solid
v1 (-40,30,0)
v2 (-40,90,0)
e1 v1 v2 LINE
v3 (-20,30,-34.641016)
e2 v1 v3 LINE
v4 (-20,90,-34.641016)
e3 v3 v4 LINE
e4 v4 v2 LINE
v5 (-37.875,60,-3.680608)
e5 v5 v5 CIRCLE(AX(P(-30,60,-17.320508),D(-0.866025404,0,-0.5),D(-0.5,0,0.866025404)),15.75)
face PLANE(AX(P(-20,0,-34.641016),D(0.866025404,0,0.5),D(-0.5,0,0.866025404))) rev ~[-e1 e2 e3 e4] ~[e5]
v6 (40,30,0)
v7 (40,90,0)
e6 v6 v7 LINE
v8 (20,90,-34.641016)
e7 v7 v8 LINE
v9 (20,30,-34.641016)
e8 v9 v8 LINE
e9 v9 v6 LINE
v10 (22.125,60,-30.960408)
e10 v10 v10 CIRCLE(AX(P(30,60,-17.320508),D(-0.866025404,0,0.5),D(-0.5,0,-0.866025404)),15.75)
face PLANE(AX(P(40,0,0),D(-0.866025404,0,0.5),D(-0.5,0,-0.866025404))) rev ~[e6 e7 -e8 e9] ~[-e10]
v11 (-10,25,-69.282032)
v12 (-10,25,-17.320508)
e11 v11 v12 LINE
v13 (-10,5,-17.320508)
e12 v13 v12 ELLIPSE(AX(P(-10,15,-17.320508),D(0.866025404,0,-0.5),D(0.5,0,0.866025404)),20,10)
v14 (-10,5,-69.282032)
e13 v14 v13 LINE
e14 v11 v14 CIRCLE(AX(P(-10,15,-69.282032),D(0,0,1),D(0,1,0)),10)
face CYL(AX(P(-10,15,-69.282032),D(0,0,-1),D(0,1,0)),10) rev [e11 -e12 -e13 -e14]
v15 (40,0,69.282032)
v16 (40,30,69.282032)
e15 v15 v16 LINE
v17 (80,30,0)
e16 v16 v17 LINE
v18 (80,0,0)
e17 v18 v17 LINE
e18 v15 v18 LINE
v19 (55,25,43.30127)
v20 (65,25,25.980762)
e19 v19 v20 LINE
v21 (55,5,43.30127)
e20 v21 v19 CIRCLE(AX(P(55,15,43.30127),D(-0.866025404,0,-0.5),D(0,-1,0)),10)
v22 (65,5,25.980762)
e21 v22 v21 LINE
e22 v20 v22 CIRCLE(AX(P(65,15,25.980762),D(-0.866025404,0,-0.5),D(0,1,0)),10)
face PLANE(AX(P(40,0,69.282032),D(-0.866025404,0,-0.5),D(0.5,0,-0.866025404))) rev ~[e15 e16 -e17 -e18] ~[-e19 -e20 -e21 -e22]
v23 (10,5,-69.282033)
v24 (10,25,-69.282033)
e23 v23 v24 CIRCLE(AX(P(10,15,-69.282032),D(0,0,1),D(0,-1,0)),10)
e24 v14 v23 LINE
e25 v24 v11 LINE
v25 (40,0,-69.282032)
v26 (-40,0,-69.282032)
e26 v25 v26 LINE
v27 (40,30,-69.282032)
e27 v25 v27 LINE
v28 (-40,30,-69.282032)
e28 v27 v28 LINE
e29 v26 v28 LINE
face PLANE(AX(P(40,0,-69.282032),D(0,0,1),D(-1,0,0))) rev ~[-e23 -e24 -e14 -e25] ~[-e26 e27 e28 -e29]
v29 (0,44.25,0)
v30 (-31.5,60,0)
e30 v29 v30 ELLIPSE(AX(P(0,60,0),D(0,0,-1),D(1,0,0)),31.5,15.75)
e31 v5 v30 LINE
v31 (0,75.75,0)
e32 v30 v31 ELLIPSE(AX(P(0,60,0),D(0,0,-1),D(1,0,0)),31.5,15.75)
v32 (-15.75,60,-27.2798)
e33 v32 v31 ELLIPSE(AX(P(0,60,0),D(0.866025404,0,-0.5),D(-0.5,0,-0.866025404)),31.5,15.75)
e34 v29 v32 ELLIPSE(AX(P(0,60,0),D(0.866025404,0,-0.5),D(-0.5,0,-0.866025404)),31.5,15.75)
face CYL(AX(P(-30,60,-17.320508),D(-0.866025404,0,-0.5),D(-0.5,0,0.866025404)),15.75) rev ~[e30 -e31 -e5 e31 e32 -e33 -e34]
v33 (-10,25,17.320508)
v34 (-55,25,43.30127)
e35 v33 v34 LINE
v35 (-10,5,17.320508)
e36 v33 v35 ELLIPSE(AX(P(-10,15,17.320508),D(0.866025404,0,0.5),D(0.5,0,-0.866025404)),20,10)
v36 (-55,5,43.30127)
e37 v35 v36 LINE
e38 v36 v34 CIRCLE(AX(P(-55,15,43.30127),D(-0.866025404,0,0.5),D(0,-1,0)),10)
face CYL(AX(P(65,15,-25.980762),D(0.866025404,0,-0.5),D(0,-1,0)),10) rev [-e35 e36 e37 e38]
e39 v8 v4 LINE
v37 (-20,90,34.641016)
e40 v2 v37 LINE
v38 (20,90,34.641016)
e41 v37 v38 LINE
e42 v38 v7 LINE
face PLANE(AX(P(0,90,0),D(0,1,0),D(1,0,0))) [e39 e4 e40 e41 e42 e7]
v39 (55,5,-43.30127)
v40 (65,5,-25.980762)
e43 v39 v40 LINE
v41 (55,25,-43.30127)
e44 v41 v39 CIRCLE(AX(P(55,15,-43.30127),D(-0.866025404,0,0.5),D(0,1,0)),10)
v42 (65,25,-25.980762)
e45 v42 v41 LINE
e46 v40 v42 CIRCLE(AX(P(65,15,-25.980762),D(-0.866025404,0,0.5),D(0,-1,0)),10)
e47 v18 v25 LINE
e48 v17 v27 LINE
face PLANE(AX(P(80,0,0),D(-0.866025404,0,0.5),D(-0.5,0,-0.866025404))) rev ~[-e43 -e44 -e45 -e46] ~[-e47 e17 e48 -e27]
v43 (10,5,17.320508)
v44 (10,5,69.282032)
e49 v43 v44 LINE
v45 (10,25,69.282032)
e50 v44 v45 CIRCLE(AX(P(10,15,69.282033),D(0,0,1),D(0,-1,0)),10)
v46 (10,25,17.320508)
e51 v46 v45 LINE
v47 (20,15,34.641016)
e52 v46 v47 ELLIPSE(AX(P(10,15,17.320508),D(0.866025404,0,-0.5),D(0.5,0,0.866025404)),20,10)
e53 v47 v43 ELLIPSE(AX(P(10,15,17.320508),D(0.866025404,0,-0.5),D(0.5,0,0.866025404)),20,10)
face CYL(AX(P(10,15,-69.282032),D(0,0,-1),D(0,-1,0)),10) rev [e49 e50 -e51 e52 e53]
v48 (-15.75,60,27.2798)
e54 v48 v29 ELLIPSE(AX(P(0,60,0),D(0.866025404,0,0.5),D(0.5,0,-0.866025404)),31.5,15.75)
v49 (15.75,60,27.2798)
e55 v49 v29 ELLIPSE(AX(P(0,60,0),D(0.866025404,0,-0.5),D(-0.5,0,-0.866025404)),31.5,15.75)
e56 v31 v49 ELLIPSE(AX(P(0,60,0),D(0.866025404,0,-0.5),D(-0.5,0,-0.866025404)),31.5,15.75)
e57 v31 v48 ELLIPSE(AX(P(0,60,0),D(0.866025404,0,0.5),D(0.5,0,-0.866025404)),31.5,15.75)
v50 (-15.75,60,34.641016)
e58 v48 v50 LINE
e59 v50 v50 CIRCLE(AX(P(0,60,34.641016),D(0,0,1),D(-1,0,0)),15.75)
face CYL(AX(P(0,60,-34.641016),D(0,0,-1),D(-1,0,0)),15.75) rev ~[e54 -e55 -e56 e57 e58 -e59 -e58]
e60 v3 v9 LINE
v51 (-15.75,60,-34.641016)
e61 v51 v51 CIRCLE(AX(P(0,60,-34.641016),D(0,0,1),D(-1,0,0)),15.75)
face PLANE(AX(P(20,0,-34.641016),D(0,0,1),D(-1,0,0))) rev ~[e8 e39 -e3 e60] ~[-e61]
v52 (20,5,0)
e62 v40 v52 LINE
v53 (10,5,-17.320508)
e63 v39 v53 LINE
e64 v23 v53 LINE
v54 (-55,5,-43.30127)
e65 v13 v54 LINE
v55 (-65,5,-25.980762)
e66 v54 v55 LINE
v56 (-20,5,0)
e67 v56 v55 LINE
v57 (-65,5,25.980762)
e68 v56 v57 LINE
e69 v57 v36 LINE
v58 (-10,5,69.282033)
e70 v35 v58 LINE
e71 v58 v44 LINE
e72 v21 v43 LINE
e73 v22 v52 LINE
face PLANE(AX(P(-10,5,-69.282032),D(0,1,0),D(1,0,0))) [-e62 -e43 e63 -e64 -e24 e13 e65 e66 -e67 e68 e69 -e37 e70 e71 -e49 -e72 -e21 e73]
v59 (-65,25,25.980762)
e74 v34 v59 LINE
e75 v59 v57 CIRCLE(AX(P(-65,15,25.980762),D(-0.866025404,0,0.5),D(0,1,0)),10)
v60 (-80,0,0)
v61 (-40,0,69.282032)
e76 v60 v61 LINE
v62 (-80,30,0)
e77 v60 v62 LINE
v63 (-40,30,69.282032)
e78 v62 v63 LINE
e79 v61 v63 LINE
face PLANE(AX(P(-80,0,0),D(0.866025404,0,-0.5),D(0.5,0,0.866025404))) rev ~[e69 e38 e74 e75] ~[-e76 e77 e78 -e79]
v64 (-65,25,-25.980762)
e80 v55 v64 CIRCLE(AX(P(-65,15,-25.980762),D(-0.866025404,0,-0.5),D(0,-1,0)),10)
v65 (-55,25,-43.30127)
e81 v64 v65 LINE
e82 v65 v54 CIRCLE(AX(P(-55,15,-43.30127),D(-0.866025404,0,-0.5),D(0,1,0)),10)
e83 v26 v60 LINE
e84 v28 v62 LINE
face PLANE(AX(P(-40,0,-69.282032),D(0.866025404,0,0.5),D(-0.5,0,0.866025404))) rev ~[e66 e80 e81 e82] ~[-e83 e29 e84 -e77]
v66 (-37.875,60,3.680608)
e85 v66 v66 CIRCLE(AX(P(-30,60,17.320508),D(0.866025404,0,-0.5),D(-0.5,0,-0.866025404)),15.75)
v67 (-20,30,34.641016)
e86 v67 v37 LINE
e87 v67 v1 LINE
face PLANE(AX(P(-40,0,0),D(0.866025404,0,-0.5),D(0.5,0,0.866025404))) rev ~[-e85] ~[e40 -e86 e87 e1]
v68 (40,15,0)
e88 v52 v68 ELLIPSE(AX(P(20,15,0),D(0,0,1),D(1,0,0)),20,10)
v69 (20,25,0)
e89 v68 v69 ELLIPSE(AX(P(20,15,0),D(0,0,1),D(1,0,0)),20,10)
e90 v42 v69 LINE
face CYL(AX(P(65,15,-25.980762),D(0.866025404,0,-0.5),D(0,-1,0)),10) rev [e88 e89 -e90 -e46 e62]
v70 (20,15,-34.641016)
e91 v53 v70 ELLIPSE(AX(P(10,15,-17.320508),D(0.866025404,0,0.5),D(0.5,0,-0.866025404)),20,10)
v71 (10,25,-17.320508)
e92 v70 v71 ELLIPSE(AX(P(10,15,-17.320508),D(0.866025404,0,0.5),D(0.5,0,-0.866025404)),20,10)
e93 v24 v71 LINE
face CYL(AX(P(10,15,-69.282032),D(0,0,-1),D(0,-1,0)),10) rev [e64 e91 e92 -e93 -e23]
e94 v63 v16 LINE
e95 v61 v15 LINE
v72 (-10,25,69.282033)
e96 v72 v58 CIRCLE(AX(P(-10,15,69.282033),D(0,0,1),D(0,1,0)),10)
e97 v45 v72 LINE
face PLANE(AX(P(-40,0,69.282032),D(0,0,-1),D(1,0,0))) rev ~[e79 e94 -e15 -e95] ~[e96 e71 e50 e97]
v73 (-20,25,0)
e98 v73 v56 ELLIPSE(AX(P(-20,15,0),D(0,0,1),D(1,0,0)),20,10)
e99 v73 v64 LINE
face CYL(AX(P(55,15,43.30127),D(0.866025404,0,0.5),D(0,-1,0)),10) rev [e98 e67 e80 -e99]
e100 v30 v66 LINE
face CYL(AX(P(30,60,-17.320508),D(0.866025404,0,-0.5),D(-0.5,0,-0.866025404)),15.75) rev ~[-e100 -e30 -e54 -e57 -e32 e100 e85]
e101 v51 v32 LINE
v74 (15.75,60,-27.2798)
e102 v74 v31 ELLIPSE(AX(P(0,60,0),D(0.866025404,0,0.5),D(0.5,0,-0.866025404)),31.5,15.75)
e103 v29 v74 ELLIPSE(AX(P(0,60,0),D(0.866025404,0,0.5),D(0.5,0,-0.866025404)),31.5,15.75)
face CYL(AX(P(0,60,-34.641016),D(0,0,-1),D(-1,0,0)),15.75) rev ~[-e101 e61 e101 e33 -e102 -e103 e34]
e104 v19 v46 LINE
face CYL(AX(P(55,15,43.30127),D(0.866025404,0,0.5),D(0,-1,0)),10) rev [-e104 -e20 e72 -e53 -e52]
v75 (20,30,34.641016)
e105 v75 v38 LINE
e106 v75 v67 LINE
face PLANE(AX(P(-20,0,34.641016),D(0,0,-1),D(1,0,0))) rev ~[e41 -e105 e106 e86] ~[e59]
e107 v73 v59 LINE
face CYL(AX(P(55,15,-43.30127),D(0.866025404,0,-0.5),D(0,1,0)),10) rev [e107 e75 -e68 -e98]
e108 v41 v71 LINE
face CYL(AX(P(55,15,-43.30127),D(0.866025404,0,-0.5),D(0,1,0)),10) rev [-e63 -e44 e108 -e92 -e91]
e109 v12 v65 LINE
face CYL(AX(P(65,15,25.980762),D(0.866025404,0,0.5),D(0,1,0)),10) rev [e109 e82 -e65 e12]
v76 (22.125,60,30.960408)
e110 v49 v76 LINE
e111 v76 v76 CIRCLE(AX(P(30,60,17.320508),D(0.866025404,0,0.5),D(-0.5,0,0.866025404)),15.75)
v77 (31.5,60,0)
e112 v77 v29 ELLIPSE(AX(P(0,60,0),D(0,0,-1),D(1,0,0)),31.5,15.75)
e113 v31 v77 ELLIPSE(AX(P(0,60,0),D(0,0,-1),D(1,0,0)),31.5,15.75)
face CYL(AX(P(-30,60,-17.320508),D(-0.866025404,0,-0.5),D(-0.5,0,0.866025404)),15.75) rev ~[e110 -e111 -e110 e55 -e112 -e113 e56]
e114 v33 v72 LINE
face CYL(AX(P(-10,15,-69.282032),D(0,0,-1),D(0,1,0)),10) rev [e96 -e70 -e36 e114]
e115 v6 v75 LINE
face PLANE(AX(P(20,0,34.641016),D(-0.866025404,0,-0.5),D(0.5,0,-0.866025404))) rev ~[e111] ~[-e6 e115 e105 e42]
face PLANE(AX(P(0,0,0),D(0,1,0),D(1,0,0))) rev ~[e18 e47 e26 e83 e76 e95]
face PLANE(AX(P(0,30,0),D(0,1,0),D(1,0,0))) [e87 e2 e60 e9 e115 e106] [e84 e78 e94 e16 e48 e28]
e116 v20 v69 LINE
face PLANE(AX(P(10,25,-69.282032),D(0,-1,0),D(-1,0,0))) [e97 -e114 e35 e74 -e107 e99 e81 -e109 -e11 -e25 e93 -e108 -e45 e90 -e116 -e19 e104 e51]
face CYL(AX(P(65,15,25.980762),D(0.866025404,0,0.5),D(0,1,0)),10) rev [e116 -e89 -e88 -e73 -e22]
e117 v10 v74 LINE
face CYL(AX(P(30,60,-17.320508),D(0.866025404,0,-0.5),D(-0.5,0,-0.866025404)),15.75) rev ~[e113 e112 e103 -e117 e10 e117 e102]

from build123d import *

# Parameters (mm, degrees)
SALIENTE_EXTRUIR1_DEPTH = 30
SALIENTE_EXTRUIR2_DEPTH = 90
CORTAR_EXTRUIR1_DEPTH   = 138.564065
MATRIZC1_COUNT          = 6
CROQUIS4_R              = 15.75
CORTAR_EXTRUIR2_DEPTH   = 103.923048
MATRIZC2_COUNT          = 6


with BuildPart() as part:
    # Croquis1 → Saliente-Extruir1 (new body)
    with BuildSketch(Plane(origin=(0, 0, 0), x_dir=(1, 0, 0), z_dir=(0, 1, 0))):
        Polygon((40, 69.282032303), (-40, 69.282032303), (-80, 0), (-40, -69.282032303), (40, -69.282032303), (80, 0), align=None)
    extrude(amount=SALIENTE_EXTRUIR1_DEPTH)

    # Croquis2 → Saliente-Extruir2 (add)
    with BuildSketch(Plane(origin=(0, 0, 0), x_dir=(1, 0, 0), z_dir=(0, 1, 0))):
        Polygon((20, 34.641016151), (-20, 34.641016151), (-40, 0), (-20, -34.641016151), (20, -34.641016151), (40, 0), align=None)
    extrude(amount=SALIENTE_EXTRUIR2_DEPTH)

    # Croquis3 → Cortar-Extruir1 (cut)
    with BuildSketch(Plane(origin=(60, 0, 34.641016151), x_dir=(0.5, 0, -0.866025404), z_dir=(0.866025404, 0, 0.5))):
        with BuildLine():
            Line((-10, 25), (10, 25))
            ThreePointArc((10, 25), (20, 15), (10, 5))
            Line((10, 5), (-10, 5))
            ThreePointArc((-10, 5), (-20, 15), (-10, 25))
        make_face()
    cortar_extruir1 = extrude(amount=-CORTAR_EXTRUIR1_DEPTH, mode=Mode.SUBTRACT)

    # MatrizC1: Cortar-Extruir1 ×6 about axis
    matrizc1_axis = Axis((0, 0, 0), (0, 1, 0))
    for i in range(1, MATRIZC1_COUNT):
        add(cortar_extruir1.rotate(matrizc1_axis, i * 360 / MATRIZC1_COUNT), mode=Mode.SUBTRACT)

    # Croquis4 → Cortar-Extruir2 (cut)
    with BuildSketch(Plane(origin=(30, 0, -17.320508076), x_dir=(-0.5, 0, -0.866025404), z_dir=(0.866025404, 0, -0.5))):
        with Locations((0, 60)):
            Circle(CROQUIS4_R)
    cortar_extruir2 = extrude(amount=-CORTAR_EXTRUIR2_DEPTH, mode=Mode.SUBTRACT)

    # MatrizC2: Cortar-Extruir2 ×6 about axis
    matrizc2_axis = Axis((0, 90, 0), (0, 1, 0))
    for i in range(1, MATRIZC2_COUNT):
        add(cortar_extruir2.rotate(matrizc2_axis, i * 360 / MATRIZC2_COUNT), mode=Mode.SUBTRACT)


solid = part.part
